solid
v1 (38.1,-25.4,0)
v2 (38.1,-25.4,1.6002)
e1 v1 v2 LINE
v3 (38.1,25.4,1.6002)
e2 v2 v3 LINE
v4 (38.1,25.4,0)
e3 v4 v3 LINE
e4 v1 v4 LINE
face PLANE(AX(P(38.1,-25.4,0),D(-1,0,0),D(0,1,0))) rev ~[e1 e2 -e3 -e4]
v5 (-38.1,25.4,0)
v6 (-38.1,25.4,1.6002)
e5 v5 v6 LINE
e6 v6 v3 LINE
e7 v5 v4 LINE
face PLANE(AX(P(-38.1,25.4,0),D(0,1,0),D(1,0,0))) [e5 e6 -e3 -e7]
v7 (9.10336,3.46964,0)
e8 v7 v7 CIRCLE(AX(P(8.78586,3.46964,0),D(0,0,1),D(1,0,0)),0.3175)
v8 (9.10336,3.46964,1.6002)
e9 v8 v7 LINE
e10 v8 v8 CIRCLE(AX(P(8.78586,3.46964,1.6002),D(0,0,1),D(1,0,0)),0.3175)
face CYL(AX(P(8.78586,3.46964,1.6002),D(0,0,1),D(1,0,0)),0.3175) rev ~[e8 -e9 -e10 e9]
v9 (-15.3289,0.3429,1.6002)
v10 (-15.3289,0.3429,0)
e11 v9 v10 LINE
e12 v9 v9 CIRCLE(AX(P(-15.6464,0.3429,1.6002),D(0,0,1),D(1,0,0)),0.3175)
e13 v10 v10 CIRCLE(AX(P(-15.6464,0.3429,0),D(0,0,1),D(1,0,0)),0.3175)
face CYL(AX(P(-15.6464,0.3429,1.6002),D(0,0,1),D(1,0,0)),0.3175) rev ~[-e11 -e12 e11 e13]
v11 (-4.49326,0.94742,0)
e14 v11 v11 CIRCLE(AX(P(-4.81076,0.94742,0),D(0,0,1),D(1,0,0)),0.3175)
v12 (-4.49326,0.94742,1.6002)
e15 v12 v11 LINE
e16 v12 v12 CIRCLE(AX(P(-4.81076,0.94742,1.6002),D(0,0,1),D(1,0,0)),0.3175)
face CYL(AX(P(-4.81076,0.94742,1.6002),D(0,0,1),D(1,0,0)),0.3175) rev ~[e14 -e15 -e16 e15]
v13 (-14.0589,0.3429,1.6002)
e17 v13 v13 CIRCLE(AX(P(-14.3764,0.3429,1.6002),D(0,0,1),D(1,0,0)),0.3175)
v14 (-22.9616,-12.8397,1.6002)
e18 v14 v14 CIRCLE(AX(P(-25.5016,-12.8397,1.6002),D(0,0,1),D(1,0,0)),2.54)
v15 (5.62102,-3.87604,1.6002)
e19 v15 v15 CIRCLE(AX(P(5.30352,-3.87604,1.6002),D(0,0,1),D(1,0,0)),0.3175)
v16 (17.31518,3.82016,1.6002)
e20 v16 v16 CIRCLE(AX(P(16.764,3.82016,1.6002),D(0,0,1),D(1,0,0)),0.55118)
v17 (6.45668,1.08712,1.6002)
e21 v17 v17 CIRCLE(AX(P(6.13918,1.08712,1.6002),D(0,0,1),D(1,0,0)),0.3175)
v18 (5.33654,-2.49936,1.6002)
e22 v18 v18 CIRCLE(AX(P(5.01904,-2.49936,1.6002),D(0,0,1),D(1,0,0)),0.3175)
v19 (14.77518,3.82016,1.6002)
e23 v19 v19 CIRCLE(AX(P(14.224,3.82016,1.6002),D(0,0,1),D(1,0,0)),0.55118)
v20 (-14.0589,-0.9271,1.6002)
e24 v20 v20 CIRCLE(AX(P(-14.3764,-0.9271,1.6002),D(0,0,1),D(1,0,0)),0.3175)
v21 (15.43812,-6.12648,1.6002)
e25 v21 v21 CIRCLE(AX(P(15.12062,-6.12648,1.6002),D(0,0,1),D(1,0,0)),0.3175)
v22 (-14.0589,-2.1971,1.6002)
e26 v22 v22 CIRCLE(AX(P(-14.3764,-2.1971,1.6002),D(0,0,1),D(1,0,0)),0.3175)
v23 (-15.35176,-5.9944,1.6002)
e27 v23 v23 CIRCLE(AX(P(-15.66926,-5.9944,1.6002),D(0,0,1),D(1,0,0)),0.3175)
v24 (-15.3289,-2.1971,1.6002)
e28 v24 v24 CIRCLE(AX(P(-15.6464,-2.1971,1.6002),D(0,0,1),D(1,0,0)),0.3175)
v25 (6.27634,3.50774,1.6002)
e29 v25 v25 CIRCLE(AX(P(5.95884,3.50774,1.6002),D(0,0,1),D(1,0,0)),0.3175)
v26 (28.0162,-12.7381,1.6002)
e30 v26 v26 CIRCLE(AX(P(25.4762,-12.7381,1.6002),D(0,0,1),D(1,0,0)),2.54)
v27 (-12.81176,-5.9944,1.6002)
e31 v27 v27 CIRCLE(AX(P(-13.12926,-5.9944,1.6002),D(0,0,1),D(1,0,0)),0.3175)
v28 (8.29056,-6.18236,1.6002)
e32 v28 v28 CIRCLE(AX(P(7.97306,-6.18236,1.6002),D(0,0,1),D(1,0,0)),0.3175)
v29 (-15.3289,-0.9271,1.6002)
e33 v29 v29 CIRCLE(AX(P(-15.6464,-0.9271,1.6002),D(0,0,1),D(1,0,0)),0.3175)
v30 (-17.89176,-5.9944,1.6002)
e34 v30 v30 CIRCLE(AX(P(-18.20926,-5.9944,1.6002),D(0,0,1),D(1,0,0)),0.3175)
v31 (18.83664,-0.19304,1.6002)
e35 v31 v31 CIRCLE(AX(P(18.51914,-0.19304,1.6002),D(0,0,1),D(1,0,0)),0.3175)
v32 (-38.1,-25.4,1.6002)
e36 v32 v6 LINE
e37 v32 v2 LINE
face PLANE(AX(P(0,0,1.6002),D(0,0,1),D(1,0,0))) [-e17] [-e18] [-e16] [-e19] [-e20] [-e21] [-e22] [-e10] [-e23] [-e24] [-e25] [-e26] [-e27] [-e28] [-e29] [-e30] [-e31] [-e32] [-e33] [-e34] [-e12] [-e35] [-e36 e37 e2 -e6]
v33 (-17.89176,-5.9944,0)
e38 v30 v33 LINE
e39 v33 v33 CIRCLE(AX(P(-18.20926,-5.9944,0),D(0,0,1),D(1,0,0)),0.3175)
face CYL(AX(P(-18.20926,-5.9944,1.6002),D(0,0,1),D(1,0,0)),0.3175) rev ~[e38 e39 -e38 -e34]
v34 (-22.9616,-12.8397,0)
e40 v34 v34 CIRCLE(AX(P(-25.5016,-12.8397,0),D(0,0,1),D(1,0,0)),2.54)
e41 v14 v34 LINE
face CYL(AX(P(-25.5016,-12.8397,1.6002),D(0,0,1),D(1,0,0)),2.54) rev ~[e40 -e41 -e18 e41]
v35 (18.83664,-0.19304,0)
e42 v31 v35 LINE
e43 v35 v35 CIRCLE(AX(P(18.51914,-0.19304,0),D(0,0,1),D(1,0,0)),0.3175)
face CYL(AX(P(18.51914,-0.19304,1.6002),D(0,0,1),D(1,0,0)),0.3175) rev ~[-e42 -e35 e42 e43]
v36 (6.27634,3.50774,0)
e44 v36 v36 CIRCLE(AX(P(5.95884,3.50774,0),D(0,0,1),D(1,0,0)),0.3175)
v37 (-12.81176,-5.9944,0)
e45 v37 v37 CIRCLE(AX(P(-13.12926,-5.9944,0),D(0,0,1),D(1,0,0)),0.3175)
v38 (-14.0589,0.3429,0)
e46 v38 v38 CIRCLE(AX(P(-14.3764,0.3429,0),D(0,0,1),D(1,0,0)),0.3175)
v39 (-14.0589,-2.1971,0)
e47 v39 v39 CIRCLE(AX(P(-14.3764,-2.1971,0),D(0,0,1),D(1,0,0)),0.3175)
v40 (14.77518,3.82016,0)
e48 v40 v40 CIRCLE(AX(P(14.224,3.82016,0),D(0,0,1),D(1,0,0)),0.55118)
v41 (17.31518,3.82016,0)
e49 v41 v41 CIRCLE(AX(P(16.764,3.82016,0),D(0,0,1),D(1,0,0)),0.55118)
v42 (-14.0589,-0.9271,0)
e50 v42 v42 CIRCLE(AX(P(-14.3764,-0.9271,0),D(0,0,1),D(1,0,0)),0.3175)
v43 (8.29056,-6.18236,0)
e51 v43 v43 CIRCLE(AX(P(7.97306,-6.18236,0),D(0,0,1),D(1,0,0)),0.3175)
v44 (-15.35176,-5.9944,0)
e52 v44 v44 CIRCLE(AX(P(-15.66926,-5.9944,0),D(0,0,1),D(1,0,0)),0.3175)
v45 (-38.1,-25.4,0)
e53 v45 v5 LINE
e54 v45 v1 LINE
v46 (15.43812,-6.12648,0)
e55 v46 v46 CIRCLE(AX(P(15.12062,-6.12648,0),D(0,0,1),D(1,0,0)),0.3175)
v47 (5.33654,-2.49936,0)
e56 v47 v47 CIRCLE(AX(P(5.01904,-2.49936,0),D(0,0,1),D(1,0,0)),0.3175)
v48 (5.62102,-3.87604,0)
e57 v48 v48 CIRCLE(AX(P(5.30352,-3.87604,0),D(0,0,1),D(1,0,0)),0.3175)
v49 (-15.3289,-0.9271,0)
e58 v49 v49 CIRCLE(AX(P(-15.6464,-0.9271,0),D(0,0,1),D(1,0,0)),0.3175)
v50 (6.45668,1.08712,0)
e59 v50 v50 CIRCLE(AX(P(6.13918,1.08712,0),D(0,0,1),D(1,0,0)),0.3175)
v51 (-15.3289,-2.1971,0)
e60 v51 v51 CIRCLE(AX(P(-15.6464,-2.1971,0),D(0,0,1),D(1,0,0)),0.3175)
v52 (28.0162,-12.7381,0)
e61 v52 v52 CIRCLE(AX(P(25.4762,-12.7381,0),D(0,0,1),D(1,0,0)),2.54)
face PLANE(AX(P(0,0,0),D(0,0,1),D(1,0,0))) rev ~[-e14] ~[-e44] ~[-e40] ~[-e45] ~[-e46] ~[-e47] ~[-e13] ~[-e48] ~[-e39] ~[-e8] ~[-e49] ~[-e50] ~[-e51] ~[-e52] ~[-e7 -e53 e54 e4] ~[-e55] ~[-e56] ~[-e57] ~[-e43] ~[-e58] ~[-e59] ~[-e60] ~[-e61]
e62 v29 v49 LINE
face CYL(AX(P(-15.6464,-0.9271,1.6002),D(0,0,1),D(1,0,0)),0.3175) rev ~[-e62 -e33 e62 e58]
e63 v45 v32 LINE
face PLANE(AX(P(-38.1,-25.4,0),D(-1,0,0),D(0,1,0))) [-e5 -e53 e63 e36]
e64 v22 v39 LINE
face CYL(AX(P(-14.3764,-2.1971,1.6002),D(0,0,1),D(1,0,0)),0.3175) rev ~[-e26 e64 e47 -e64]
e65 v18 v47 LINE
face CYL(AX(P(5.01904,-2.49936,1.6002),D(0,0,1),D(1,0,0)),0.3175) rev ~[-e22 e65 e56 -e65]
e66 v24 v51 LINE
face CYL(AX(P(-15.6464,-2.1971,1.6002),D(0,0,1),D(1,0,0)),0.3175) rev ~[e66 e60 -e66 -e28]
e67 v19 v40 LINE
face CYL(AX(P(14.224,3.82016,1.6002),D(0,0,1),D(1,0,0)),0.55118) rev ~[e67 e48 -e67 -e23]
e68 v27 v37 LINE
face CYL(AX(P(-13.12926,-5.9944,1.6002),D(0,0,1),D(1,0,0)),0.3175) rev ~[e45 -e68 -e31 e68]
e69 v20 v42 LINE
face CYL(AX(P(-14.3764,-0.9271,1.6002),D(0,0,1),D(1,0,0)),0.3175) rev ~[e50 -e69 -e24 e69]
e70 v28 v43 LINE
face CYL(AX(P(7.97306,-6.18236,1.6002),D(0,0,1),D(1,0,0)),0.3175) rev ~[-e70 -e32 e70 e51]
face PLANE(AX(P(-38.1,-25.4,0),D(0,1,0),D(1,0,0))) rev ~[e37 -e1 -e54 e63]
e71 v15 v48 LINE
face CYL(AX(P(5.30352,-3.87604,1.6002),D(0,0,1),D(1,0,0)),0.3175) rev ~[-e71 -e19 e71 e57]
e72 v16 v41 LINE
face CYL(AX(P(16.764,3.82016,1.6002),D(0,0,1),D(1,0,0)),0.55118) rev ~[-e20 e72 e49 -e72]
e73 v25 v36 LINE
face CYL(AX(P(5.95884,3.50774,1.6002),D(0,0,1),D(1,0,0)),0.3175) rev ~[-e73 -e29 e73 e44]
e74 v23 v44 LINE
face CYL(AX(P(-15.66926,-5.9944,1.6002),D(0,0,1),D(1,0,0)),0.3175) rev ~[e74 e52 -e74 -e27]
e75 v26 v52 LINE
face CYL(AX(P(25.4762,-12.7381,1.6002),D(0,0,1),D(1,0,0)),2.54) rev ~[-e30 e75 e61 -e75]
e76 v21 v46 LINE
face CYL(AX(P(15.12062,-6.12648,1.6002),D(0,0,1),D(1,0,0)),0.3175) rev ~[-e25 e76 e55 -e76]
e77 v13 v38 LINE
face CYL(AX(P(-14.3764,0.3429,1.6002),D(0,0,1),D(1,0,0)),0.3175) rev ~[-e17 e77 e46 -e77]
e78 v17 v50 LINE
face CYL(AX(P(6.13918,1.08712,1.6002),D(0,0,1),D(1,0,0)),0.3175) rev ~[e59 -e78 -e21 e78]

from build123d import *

# Parameters (mm, degrees)
F1_W     = 76.2
F1_H     = 50.8
F2_DEPTH = 1.6002
F3_R     = 2.54
F3_R_2   = 0.3175
F3_R_3   = 0.55118
F4_DEPTH = 1.6012


with BuildPart() as f2:
    # F1 (on face) → F2 (new body)
    with BuildSketch(Plane.XY):
        Rectangle(F1_W, F1_H)
    extrude(amount=F2_DEPTH)

    # F3 (on face) → F4 (cut, through all)
    with BuildSketch(Plane.XY.offset(1.6002)):
        with Locations((-25.5016, -12.8397)):
            Circle(F3_R)
        with Locations((25.4762, -12.7381)):
            Circle(F3_R)
        with Locations((-18.20926, -5.9944)):
            Circle(F3_R_2)
        with Locations((-15.66926, -5.9944)):
            Circle(F3_R_2)
        with Locations((-13.12926, -5.9944)):
            Circle(F3_R_2)
        with Locations((-15.6464, -2.1971)):
            Circle(F3_R_2)
        with Locations((-14.3764, -2.1971)):
            Circle(F3_R_2)
        with Locations((-14.3764, -0.9271)):
            Circle(F3_R_2)
        with Locations((-15.6464, -0.9271)):
            Circle(F3_R_2)
        with Locations((-15.6464, 0.3429)):
            Circle(F3_R_2)
        with Locations((-14.3764, 0.3429)):
            Circle(F3_R_2)
        with Locations((5.30352, -3.87604)):
            Circle(F3_R_2)
        with Locations((5.01904, -2.49936)):
            Circle(F3_R_2)
        with Locations((-4.81076, 0.94742)):
            Circle(F3_R_2)
        with Locations((6.13918, 1.08712)):
            Circle(F3_R_2)
        with Locations((5.95884, 3.50774)):
            Circle(F3_R_2)
        with Locations((8.78586, 3.46964)):
            Circle(F3_R_2)
        with Locations((14.224, 3.82016)):
            Circle(F3_R_3)
        with Locations((16.764, 3.82016)):
            Circle(F3_R_3)
        with Locations((18.51914, -0.19304)):
            Circle(F3_R_2)
        with Locations((7.97306, -6.18236)):
            Circle(F3_R_2)
        with Locations((15.12062, -6.12648)):
            Circle(F3_R_2)
    extrude(amount=-F4_DEPTH, mode=Mode.SUBTRACT)


solid = f2.part
